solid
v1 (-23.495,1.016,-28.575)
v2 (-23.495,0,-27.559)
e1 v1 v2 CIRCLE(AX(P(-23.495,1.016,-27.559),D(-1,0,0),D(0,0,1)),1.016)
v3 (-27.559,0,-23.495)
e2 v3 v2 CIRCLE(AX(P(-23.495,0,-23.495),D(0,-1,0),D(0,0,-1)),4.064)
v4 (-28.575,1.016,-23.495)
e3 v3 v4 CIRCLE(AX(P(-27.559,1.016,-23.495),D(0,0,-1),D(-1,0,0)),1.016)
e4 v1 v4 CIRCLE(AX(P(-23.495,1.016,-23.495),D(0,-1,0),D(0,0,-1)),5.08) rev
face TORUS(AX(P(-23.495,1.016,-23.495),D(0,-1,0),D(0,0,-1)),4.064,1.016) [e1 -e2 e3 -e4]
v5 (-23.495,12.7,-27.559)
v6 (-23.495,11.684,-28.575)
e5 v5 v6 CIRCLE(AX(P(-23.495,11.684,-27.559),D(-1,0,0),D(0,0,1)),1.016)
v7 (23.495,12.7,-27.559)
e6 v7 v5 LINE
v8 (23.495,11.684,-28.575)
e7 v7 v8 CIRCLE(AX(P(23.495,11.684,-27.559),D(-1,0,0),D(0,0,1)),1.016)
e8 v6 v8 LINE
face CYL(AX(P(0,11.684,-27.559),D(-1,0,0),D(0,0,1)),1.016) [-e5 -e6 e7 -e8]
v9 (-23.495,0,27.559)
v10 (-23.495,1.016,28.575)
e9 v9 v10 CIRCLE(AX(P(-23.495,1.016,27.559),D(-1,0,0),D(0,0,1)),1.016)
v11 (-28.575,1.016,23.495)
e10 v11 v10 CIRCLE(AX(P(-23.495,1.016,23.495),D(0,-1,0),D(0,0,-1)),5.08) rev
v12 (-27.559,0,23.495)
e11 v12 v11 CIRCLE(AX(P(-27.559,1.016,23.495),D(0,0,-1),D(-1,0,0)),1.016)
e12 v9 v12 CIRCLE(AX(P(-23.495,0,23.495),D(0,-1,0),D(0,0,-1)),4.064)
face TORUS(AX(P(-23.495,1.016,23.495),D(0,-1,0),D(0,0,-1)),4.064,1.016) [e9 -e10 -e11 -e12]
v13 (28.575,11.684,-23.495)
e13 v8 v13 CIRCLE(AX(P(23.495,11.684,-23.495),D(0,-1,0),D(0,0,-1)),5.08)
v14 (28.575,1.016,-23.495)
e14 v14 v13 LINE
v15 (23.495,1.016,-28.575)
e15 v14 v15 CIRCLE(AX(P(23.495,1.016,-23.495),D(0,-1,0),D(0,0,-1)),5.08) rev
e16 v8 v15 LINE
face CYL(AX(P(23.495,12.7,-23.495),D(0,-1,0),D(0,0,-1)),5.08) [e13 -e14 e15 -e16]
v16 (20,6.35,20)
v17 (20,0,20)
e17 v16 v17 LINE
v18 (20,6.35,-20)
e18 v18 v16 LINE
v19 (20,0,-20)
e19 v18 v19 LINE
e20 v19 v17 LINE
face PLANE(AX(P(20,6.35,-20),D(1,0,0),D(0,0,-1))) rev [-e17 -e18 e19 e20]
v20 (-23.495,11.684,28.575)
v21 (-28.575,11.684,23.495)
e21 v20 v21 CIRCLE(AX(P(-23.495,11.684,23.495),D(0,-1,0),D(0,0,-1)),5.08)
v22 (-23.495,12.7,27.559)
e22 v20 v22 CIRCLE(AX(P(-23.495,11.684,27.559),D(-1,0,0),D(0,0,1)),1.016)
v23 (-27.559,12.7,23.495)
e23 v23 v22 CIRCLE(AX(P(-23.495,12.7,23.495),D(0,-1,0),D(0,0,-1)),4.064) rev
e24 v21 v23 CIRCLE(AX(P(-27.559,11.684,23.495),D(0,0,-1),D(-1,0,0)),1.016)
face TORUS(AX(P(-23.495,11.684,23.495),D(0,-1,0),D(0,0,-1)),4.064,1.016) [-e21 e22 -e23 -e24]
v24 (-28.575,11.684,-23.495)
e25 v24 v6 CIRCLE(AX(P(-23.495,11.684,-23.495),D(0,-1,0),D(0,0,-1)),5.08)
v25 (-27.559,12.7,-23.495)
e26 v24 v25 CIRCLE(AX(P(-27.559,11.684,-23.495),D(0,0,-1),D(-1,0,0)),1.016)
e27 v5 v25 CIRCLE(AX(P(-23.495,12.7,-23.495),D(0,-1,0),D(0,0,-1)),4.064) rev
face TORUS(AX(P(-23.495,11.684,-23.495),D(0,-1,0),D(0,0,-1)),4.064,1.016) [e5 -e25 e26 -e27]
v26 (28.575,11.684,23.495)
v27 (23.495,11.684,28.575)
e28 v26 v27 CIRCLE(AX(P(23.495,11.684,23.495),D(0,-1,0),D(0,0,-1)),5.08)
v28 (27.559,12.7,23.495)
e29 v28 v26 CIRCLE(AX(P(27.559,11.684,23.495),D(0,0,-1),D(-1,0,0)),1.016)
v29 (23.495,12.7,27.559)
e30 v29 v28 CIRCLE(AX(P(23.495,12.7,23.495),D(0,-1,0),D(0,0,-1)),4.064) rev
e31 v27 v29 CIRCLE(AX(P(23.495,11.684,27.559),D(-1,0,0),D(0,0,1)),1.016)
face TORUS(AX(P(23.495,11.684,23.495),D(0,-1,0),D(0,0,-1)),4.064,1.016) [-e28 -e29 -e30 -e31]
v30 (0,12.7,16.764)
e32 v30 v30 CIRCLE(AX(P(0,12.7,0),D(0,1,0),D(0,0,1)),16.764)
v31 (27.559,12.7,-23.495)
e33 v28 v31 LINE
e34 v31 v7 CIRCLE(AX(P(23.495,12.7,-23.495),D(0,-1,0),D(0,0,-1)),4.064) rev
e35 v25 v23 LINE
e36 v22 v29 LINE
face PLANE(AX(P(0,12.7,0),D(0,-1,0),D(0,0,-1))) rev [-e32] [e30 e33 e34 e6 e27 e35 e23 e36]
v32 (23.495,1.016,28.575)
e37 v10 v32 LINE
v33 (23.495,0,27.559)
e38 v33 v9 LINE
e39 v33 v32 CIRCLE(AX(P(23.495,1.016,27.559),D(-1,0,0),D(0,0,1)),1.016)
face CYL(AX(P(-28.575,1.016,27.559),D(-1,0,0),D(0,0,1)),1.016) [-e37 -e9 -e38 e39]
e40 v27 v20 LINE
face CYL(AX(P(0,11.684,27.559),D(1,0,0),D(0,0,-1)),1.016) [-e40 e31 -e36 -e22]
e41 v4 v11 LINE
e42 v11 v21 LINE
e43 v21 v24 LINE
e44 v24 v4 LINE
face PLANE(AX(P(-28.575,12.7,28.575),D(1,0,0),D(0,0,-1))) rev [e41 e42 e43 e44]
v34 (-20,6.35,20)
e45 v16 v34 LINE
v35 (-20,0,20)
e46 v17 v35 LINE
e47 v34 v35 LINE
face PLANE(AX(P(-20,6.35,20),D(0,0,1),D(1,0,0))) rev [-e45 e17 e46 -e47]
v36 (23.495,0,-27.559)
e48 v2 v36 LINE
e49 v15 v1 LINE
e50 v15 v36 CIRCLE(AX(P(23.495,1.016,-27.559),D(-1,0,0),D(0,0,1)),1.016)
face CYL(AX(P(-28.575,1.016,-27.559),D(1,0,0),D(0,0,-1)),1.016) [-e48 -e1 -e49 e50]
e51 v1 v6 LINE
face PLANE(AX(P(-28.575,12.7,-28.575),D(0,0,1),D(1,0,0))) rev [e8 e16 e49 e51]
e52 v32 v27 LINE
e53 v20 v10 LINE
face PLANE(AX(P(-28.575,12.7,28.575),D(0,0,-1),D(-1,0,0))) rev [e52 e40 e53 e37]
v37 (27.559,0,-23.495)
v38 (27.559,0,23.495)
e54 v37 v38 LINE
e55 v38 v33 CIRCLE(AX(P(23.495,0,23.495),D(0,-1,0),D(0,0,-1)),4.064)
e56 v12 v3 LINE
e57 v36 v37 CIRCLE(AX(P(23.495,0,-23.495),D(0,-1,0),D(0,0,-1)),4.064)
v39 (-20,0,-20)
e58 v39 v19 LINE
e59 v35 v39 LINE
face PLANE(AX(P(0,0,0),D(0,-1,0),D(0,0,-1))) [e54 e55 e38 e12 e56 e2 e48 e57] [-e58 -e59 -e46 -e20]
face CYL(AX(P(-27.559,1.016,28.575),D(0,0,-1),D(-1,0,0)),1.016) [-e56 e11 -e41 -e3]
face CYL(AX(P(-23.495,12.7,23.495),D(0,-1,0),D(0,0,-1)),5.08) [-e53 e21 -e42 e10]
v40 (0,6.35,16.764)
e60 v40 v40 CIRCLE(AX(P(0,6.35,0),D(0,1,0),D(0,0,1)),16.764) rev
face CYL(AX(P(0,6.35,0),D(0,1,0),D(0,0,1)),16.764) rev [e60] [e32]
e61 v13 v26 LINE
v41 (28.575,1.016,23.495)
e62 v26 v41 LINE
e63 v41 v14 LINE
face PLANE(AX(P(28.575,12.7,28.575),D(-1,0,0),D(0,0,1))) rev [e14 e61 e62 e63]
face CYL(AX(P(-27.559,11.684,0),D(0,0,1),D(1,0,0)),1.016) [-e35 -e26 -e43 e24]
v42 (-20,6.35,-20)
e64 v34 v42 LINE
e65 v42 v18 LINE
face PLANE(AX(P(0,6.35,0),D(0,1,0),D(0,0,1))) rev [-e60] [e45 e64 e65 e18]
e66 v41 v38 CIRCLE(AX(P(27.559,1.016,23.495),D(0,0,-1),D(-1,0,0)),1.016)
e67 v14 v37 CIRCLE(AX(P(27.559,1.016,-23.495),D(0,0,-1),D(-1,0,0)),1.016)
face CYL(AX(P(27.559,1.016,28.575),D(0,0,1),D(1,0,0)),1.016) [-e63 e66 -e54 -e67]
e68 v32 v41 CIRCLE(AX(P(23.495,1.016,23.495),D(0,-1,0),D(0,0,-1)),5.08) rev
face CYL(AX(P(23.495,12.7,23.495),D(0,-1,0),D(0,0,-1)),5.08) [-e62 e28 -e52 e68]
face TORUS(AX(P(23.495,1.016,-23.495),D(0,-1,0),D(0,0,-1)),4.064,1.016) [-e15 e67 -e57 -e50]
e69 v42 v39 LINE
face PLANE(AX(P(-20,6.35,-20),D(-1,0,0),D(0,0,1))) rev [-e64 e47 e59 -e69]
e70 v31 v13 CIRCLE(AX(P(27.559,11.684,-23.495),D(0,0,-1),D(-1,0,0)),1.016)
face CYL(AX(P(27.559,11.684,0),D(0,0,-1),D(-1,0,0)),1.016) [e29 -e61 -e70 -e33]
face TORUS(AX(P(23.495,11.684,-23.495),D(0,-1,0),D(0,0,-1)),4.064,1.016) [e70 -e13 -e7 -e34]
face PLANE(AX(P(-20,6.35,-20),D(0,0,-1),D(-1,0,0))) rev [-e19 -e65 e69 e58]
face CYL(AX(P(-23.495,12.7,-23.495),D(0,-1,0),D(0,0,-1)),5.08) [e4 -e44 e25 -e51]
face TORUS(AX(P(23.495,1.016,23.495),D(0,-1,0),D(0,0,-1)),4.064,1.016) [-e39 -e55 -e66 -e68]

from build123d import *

# Parameters (mm, degrees)
SKETCH1_W           = 57.15
SKETCH1_H           = 57.15
BOSS_EXTRUDE2_DEPTH = 12.7
FILLET1_R           = 5.08
FILLET2_R           = 1.016
SKETCH15_R          = 16.764
CUT_EXTRUDE1_DEPTH  = 6.35
SKETCH16_W          = 40
SKETCH16_H          = 40
CUT_EXTRUDE2_DEPTH  = 6.35


with BuildPart() as part:
    # Sketch1 → Boss-Extrude2 (new body)
    with BuildSketch(Plane(origin=(0, 0, 0), x_dir=(1, 0, 0), z_dir=(0, 1, 0))):
        Rectangle(SKETCH1_W, SKETCH1_H)
    extrude(amount=BOSS_EXTRUDE2_DEPTH)

    # Fillet1
    fillet1_edges = [part.edges().sort_by_distance(p)[0] for p in [
        (28.575, 6.35, 28.575),
        (-28.575, 6.35, 28.575),
        (-28.575, 6.35, -28.575),
        (28.575, 6.35, -28.575),
    ]]
    fillet(fillet1_edges, radius=FILLET1_R)

    # Fillet2
    fillet2_edges = [part.edges().sort_by_distance(p)[0] for p in [
        (0, 0, 28.575),
        (0, 12.7, 28.575),
        (28.575, 0, 0),
        (-28.575, 0, 0),
        (0, 0, -28.575),
        (-27.087102448, 0, -27.087102448),
        (27.087102448, 0, -27.087102448),
        (27.087102448, 0, 27.087102448),
        (-27.087102448, 0, 27.087102448),
        (-28.575, 12.7, 0),
        (28.575, 12.7, 0),
        (0, 12.7, -28.575),
        (-27.087102448, 12.7, -27.087102448),
        (27.087102448, 12.7, -27.087102448),
        (27.087102448, 12.7, 27.087102448),
        (-27.087102448, 12.7, 27.087102448),
    ]]
    fillet(fillet2_edges, radius=FILLET2_R)

    # Sketch15 → Cut-Extrude1 (cut)
    with BuildSketch(Plane(origin=(0, 12.7, 0), x_dir=(1, 0, 0), z_dir=(0, 1, 0))):
        with Locations(Location((0, 0, 0), (0, 0, 270))):
            Circle(SKETCH15_R)
    extrude(amount=-CUT_EXTRUDE1_DEPTH, mode=Mode.SUBTRACT)

    # Sketch16 → Cut-Extrude2 (cut)
    with BuildSketch(Plane.XZ):
        Rectangle(SKETCH16_W, SKETCH16_H)
    extrude(amount=-CUT_EXTRUDE2_DEPTH, mode=Mode.SUBTRACT)


solid = part.part
